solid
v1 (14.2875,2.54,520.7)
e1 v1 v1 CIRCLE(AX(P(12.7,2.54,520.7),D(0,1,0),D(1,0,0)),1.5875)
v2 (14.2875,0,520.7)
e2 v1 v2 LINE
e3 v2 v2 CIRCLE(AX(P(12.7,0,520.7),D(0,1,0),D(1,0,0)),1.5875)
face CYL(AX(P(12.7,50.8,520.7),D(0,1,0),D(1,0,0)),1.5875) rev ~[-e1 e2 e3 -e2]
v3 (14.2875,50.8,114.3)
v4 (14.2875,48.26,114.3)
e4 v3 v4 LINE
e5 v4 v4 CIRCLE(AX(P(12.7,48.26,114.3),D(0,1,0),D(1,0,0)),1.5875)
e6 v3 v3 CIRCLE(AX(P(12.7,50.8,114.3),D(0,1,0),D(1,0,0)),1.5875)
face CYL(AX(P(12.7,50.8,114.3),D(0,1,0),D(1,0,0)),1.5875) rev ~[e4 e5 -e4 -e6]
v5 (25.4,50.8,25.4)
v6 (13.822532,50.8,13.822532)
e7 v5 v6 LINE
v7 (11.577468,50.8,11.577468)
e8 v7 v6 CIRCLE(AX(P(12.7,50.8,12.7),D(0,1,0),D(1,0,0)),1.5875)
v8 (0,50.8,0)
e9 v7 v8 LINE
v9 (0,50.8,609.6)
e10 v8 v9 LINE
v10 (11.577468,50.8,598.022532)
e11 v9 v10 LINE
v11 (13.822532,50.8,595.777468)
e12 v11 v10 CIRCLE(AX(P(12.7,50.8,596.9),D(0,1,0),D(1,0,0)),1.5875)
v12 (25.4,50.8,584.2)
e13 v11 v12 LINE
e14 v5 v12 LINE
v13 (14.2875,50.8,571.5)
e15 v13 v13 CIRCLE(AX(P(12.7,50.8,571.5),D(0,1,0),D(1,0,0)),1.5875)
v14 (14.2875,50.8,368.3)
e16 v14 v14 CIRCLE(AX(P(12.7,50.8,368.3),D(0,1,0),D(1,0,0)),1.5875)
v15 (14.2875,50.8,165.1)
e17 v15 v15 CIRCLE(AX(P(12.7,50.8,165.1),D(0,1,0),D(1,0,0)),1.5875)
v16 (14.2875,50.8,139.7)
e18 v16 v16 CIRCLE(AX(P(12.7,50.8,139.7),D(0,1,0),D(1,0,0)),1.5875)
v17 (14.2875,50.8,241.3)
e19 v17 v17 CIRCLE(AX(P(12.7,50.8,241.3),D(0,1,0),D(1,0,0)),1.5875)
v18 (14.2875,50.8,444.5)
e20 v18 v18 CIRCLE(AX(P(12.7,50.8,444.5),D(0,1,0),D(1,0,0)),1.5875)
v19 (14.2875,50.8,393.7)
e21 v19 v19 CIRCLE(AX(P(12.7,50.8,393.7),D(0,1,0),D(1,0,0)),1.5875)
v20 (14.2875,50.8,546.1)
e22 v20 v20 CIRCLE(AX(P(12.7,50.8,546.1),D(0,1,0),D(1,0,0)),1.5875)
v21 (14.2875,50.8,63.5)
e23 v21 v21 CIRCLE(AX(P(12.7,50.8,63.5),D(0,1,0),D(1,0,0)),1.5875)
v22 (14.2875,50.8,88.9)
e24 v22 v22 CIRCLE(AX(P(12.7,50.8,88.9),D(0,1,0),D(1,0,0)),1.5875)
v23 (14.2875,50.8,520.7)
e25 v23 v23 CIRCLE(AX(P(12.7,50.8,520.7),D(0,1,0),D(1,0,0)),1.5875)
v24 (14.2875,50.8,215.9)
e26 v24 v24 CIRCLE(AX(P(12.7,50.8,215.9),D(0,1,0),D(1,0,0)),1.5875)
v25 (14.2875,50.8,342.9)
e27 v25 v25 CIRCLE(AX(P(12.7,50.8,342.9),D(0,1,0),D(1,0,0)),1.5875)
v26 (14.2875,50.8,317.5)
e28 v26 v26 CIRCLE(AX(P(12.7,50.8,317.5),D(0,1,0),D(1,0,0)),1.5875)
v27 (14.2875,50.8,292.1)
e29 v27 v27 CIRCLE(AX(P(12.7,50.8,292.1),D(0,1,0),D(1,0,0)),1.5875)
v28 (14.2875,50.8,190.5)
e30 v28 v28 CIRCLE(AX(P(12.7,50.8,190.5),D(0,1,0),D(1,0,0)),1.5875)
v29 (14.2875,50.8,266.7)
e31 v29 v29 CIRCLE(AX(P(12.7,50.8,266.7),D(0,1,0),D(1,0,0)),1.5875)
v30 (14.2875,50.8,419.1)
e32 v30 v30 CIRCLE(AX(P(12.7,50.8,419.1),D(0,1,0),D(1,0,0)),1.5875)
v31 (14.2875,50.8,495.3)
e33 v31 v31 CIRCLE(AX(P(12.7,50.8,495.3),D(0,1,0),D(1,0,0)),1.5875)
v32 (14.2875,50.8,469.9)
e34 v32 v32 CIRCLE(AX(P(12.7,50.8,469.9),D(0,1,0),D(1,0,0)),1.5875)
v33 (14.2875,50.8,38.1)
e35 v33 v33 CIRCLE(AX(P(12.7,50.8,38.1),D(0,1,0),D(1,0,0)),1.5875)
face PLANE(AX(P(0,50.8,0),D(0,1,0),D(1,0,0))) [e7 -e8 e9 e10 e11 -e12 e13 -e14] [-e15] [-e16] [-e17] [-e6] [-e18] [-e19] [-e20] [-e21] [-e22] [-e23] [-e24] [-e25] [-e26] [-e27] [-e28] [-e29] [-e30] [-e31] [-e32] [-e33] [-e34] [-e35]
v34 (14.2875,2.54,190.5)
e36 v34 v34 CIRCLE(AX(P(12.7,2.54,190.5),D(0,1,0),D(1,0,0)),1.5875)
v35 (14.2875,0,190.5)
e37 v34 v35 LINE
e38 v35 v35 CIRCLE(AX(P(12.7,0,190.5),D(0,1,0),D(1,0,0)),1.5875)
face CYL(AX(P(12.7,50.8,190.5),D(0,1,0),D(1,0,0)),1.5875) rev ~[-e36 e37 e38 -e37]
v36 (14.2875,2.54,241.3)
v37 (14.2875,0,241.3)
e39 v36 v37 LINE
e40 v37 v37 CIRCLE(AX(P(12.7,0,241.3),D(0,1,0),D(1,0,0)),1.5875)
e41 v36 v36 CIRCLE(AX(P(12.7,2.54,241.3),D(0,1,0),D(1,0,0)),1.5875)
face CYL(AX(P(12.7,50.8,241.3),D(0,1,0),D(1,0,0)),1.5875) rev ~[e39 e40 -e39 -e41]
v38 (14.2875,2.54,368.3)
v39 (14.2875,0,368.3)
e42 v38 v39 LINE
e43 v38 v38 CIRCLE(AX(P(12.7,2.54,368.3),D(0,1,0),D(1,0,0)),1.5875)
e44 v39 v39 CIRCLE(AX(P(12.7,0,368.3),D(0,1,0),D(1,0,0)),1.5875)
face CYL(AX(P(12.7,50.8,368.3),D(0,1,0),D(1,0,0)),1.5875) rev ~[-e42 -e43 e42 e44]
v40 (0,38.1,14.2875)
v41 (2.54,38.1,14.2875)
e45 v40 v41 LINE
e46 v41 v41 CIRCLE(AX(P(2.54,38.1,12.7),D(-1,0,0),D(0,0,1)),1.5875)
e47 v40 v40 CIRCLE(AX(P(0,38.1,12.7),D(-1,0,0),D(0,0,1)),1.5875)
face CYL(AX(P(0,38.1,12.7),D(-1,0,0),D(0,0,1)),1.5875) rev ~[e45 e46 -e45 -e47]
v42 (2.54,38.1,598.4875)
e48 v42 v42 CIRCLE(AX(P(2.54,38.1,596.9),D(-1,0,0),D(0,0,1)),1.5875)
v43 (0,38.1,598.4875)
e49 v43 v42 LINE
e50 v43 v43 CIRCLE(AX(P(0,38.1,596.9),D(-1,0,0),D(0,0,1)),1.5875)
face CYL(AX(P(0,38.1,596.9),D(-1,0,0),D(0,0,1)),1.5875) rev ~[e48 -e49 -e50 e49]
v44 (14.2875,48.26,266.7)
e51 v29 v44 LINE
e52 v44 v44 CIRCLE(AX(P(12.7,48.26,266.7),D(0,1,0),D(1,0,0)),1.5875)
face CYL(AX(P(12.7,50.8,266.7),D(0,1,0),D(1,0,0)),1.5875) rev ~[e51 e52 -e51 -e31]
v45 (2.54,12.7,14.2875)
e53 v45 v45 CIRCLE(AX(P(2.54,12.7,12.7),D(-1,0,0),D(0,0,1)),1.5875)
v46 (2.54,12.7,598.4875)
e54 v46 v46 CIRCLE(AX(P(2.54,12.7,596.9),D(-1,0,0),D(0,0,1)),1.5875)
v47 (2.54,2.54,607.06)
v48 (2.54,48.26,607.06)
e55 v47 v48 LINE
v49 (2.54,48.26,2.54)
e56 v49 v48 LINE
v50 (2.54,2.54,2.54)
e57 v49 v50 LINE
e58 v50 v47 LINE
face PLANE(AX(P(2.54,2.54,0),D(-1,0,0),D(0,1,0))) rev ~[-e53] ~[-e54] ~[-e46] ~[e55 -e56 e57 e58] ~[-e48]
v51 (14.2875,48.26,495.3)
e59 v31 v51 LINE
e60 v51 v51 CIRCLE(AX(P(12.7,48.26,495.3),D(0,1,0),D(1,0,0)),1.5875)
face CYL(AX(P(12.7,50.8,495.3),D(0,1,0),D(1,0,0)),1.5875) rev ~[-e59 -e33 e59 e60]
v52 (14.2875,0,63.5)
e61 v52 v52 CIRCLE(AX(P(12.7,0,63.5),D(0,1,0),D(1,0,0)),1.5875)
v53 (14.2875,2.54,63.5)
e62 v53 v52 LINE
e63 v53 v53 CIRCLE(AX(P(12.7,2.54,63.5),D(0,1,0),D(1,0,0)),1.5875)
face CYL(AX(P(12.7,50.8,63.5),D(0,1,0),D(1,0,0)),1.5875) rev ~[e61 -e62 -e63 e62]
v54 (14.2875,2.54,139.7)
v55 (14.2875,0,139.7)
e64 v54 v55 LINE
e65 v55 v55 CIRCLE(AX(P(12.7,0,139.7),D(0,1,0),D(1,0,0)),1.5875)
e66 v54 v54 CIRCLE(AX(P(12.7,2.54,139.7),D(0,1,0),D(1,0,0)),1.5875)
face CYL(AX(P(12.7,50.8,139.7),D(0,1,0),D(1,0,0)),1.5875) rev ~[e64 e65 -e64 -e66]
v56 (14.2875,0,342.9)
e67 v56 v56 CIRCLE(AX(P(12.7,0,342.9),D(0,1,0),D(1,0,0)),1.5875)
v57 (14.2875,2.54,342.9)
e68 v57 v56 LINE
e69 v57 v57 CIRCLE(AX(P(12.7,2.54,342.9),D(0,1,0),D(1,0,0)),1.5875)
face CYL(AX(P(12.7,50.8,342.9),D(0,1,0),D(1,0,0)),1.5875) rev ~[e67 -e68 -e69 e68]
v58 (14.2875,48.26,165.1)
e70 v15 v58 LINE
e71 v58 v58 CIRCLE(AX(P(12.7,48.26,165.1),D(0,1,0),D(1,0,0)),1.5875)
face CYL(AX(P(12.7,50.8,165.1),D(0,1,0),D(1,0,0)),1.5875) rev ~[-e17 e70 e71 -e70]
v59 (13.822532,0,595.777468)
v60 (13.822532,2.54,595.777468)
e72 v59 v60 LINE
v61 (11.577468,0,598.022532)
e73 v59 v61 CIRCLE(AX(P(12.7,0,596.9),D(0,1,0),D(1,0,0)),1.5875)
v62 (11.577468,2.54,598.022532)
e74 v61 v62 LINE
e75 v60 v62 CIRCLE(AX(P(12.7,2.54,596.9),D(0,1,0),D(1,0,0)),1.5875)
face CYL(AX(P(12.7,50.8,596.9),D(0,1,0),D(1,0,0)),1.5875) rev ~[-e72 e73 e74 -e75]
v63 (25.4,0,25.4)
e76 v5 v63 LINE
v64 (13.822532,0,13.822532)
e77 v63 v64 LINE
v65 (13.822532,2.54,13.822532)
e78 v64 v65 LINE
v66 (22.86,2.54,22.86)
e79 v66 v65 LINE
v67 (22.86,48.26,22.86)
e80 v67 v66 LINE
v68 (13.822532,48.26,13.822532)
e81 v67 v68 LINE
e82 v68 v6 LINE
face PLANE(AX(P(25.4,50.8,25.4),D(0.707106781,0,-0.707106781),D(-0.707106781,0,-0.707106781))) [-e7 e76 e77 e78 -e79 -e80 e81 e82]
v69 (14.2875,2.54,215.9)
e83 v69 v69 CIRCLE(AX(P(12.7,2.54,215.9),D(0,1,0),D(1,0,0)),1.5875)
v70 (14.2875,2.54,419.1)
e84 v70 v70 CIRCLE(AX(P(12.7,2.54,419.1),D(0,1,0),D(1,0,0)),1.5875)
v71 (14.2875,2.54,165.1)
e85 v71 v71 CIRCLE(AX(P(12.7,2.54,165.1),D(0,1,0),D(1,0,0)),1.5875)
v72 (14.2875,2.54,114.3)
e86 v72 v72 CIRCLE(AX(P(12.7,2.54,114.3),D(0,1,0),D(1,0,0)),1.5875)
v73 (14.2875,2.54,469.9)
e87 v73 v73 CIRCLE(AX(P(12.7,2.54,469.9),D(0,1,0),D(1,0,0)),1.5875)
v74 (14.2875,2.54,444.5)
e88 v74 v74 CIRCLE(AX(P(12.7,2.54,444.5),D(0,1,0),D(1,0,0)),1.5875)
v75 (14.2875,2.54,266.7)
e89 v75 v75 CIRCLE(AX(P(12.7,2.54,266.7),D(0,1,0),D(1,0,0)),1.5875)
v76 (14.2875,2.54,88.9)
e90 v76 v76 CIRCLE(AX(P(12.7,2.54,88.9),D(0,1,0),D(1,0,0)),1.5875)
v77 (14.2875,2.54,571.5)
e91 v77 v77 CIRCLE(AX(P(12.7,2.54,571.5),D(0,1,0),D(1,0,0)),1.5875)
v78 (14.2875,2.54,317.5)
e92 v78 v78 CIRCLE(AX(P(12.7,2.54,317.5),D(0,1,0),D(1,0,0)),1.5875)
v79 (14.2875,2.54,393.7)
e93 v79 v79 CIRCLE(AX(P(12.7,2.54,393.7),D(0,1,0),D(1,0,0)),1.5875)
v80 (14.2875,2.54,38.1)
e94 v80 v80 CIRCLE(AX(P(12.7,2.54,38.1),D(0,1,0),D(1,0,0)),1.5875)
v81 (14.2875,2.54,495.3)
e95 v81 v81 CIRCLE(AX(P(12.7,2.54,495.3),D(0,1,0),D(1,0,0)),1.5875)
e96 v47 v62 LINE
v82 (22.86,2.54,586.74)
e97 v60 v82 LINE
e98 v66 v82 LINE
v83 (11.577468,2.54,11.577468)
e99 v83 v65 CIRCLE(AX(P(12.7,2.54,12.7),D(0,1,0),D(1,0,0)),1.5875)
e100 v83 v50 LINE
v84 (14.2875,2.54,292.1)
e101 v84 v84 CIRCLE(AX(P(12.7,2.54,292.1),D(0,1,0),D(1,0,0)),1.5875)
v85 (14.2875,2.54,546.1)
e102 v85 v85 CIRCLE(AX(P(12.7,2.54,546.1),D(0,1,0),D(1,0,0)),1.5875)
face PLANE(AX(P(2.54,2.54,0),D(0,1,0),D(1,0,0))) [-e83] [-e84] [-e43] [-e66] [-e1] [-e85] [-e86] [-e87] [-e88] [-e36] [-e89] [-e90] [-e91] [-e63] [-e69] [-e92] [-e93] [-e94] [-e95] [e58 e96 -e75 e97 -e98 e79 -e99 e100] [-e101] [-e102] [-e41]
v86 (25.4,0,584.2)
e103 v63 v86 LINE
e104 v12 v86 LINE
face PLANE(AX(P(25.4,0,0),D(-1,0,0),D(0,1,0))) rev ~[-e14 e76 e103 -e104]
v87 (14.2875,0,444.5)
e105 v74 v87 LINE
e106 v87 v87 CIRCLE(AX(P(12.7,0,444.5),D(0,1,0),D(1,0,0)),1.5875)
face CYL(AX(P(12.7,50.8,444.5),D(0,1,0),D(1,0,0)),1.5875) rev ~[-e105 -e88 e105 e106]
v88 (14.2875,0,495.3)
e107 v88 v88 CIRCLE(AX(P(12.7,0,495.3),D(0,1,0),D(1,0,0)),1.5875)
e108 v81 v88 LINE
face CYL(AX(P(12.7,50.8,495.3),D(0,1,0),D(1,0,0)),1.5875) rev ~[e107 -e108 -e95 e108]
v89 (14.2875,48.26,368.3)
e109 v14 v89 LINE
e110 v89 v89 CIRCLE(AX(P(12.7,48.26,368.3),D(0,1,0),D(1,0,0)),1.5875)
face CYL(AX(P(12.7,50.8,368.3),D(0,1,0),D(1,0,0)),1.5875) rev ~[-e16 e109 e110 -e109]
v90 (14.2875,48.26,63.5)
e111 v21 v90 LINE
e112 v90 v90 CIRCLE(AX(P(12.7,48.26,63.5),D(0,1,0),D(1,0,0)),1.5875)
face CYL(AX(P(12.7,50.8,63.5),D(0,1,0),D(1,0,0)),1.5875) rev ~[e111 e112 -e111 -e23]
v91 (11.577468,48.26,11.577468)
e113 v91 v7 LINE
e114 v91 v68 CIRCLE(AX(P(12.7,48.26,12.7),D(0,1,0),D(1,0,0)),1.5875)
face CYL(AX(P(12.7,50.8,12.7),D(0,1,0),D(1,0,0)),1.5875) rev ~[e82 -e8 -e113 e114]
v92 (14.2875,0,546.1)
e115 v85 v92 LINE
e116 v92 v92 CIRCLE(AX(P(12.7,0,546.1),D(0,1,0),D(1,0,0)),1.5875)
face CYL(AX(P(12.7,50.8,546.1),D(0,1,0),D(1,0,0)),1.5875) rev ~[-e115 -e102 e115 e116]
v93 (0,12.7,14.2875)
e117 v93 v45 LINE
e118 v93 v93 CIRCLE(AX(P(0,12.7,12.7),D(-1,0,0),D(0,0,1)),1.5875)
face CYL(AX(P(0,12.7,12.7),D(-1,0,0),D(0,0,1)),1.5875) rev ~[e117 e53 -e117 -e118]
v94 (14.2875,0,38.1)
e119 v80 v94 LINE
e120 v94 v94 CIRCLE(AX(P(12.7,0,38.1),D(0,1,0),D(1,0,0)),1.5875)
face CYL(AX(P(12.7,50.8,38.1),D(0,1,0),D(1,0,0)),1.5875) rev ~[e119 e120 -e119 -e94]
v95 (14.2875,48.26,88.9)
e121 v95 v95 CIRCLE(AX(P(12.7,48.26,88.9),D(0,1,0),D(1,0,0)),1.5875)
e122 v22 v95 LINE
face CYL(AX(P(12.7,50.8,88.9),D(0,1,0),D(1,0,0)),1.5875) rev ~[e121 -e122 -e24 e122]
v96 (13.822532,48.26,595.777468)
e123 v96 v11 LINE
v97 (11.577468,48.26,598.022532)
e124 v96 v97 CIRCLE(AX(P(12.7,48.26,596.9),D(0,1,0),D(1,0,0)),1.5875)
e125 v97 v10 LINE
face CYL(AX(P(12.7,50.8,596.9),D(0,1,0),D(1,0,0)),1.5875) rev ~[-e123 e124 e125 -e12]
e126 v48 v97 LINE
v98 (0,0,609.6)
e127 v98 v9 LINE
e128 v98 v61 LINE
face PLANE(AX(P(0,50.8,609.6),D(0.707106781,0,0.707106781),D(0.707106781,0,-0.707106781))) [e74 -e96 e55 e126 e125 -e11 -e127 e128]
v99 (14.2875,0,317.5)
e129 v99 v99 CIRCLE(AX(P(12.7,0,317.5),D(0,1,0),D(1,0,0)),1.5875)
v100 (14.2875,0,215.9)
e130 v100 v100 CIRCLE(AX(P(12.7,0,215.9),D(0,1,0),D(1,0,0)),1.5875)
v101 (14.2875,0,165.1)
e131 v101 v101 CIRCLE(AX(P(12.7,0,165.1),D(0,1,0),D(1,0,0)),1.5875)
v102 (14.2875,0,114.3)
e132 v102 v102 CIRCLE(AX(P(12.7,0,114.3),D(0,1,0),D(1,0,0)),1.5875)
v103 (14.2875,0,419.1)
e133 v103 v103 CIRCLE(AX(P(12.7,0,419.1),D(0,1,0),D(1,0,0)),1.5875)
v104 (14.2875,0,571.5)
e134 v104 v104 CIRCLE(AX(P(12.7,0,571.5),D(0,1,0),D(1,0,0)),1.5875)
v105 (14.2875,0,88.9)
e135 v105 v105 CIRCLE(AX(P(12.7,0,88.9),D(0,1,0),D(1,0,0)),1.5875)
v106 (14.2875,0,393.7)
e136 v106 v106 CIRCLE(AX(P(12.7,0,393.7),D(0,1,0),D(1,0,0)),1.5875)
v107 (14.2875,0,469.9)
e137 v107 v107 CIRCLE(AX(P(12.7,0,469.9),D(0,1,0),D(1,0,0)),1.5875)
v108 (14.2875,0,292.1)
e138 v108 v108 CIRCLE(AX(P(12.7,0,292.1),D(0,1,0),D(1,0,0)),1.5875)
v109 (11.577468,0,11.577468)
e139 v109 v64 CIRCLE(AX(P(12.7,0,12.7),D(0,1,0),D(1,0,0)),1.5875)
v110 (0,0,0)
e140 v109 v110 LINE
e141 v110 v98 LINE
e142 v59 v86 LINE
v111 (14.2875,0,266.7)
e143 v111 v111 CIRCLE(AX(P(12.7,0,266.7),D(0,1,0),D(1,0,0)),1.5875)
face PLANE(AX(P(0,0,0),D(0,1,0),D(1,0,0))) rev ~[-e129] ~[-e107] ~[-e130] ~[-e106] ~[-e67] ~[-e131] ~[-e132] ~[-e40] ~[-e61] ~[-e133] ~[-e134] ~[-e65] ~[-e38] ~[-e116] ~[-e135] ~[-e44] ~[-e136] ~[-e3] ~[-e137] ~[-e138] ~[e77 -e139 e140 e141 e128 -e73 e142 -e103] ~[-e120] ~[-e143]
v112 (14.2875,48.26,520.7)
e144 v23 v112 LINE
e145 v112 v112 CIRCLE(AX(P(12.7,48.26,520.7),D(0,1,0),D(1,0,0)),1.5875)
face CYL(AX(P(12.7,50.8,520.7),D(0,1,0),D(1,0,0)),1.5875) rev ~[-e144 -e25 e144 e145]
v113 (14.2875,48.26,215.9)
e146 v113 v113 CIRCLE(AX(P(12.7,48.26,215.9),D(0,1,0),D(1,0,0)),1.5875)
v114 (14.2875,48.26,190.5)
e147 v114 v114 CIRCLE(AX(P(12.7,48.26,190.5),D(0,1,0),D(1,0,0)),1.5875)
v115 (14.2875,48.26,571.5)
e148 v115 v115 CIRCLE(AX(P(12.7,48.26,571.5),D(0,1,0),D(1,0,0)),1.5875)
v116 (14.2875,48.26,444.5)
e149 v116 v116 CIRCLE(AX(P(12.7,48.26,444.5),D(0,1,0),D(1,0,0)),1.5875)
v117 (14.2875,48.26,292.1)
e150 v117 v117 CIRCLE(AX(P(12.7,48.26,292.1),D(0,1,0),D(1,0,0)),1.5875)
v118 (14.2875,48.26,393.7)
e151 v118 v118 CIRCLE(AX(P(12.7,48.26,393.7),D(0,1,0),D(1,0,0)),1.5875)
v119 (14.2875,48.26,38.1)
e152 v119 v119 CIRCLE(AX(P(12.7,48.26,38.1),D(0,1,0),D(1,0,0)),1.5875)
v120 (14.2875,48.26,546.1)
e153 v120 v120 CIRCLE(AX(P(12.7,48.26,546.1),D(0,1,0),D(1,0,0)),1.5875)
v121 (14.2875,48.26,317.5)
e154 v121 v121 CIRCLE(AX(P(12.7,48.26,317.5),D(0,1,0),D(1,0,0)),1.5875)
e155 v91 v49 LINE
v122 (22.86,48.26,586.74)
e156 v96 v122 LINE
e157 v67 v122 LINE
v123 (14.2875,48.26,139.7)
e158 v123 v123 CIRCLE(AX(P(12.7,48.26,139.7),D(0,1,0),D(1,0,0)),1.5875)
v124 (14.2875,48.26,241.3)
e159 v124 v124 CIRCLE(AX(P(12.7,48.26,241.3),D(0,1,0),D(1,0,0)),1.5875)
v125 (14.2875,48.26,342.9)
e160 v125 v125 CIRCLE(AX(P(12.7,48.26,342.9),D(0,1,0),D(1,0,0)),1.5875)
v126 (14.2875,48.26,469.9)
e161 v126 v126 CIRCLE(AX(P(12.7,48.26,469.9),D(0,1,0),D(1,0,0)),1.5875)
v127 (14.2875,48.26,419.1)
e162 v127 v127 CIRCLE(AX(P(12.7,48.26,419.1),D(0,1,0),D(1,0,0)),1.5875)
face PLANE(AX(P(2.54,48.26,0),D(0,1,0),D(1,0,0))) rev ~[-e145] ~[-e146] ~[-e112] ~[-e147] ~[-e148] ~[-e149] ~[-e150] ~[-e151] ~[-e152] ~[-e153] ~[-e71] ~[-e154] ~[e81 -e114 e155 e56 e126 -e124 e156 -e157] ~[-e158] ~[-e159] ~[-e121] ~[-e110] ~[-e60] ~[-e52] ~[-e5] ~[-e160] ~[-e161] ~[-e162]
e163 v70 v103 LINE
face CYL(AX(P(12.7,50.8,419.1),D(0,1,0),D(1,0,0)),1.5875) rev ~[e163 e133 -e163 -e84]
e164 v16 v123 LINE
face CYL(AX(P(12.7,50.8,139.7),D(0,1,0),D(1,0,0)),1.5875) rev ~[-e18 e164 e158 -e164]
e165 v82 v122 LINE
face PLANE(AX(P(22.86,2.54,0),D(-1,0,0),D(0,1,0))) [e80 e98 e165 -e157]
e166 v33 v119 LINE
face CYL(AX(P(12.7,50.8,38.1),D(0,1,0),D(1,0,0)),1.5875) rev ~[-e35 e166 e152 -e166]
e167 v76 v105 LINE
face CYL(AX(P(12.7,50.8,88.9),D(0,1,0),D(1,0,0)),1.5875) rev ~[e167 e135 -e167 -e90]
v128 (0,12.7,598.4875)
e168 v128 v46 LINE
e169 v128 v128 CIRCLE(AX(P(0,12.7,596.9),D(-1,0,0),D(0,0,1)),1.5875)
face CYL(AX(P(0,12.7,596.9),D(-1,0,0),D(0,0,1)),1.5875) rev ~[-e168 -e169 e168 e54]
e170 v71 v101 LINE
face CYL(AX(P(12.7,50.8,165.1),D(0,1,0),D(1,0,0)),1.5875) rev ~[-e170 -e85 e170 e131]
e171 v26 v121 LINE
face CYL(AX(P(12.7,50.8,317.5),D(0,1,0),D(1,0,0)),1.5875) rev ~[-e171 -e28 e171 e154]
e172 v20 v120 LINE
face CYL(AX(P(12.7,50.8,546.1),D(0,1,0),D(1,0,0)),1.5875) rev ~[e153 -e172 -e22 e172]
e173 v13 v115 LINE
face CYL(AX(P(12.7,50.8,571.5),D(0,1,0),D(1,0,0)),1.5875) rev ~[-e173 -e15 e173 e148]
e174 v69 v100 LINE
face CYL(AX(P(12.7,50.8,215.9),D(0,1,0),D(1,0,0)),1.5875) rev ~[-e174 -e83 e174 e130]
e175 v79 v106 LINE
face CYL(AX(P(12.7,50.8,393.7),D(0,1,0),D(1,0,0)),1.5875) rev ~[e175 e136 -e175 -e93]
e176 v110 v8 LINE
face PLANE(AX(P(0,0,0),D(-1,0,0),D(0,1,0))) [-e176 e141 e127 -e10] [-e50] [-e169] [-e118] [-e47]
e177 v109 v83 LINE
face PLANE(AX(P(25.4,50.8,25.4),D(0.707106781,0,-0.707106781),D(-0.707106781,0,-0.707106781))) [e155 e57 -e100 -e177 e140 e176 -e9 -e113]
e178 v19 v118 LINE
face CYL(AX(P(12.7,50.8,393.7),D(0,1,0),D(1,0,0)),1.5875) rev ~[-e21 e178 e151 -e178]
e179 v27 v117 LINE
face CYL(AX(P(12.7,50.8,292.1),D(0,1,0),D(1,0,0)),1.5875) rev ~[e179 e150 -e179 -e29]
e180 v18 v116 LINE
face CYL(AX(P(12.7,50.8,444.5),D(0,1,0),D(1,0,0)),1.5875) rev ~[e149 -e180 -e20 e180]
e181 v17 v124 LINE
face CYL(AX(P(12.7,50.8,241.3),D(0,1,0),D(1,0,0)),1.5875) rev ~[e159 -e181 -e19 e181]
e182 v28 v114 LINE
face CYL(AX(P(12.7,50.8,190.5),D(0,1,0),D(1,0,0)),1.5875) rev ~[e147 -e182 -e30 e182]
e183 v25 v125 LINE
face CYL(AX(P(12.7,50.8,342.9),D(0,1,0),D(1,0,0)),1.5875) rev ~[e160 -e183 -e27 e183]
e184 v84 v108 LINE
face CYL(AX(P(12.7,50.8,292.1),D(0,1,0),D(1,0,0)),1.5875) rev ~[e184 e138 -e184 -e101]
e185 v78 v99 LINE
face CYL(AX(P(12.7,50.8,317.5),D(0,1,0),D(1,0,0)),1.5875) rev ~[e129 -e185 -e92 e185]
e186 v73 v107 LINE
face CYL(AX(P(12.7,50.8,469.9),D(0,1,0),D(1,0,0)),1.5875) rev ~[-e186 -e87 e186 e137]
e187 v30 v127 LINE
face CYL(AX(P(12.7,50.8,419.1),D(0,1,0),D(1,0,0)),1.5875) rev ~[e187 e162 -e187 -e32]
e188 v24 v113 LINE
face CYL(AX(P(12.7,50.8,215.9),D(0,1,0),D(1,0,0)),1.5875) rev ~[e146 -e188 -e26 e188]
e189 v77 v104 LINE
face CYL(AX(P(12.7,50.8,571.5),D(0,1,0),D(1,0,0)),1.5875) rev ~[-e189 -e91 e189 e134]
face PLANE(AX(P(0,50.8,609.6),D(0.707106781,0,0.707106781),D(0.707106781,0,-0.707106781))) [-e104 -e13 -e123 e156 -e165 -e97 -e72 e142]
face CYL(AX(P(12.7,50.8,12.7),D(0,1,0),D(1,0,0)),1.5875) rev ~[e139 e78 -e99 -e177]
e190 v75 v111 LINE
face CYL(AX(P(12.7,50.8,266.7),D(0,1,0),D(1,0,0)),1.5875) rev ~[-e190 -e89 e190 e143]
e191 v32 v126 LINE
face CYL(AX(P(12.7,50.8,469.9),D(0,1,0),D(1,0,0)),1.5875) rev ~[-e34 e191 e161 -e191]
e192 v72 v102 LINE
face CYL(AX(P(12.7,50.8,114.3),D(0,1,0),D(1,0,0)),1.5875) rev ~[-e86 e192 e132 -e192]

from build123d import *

# Parameters (mm, degrees)
SKETCH1_W           = 25.4
SKETCH1_H           = 50.8
SKETCH1_W_2         = 20.32
SKETCH1_H_2         = 45.72
EXTRUDE_THIN1_DEPTH = 609.6
SKETCH2_R           = 1.5875
CUT_EXTRUDE1_DEPTH  = 51.8
LPATTERN1_COUNT     = 50
LPATTERN1_PITCH     = 25.4
CUT_EXTRUDE2_DEPTH  = 51.8
SKETCH5_R           = 1.5875
CUT_EXTRUDE3_DEPTH  = 26.4


with BuildPart() as part:
    # Sketch1 → Extrude-Thin1 (new body)
    with BuildSketch(Plane.XY):
        with Locations((12.7, 25.4)):
            Rectangle(SKETCH1_W, SKETCH1_H)
        with Locations((12.7, 25.4)):
            Rectangle(SKETCH1_W_2, SKETCH1_H_2, mode=Mode.SUBTRACT)
    extrude(amount=EXTRUDE_THIN1_DEPTH)

    # Sketch2 → Cut-Extrude1 (cut, through all)
    with BuildSketch(Plane(origin=(0, 50.8, 0), x_dir=(1, 0, 0), z_dir=(0, 1, 0))):
        with Locations((12.7, -596.9)):
            Circle(SKETCH2_R)
    cut_extrude1 = extrude(amount=-CUT_EXTRUDE1_DEPTH, mode=Mode.SUBTRACT)

    # LPattern1: Cut-Extrude1 ×50
    with Locations(*[(0, 0, -i * LPATTERN1_PITCH) for i in range(1, LPATTERN1_COUNT)]):
        add(cut_extrude1, mode=Mode.SUBTRACT)

    # Sketch4 → Cut-Extrude2 (cut, through all)
    with BuildSketch(Plane(origin=(0, 50.8, 0), x_dir=(1, 0, 0), z_dir=(0, 1, 0))):
        Polygon((0, -609.6), (25.4, -584.2), (25.4, -609.6), align=None)
        Polygon((0, 0), (25.4, 0), (25.4, -25.4), align=None)
    extrude(amount=-CUT_EXTRUDE2_DEPTH, mode=Mode.SUBTRACT)

    # Sketch5 → Cut-Extrude3 (cut, through all)
    with BuildSketch(Plane.ZY):
        with Locations((12.7, 12.7)):
            Circle(SKETCH5_R)
        with Locations((12.7, 38.1)):
            Circle(SKETCH5_R)
        with Locations((596.9, 38.1)):
            Circle(SKETCH5_R)
        with Locations((596.9, 12.7)):
            Circle(SKETCH5_R)
    extrude(amount=-CUT_EXTRUDE3_DEPTH, mode=Mode.SUBTRACT)


solid = part.part
